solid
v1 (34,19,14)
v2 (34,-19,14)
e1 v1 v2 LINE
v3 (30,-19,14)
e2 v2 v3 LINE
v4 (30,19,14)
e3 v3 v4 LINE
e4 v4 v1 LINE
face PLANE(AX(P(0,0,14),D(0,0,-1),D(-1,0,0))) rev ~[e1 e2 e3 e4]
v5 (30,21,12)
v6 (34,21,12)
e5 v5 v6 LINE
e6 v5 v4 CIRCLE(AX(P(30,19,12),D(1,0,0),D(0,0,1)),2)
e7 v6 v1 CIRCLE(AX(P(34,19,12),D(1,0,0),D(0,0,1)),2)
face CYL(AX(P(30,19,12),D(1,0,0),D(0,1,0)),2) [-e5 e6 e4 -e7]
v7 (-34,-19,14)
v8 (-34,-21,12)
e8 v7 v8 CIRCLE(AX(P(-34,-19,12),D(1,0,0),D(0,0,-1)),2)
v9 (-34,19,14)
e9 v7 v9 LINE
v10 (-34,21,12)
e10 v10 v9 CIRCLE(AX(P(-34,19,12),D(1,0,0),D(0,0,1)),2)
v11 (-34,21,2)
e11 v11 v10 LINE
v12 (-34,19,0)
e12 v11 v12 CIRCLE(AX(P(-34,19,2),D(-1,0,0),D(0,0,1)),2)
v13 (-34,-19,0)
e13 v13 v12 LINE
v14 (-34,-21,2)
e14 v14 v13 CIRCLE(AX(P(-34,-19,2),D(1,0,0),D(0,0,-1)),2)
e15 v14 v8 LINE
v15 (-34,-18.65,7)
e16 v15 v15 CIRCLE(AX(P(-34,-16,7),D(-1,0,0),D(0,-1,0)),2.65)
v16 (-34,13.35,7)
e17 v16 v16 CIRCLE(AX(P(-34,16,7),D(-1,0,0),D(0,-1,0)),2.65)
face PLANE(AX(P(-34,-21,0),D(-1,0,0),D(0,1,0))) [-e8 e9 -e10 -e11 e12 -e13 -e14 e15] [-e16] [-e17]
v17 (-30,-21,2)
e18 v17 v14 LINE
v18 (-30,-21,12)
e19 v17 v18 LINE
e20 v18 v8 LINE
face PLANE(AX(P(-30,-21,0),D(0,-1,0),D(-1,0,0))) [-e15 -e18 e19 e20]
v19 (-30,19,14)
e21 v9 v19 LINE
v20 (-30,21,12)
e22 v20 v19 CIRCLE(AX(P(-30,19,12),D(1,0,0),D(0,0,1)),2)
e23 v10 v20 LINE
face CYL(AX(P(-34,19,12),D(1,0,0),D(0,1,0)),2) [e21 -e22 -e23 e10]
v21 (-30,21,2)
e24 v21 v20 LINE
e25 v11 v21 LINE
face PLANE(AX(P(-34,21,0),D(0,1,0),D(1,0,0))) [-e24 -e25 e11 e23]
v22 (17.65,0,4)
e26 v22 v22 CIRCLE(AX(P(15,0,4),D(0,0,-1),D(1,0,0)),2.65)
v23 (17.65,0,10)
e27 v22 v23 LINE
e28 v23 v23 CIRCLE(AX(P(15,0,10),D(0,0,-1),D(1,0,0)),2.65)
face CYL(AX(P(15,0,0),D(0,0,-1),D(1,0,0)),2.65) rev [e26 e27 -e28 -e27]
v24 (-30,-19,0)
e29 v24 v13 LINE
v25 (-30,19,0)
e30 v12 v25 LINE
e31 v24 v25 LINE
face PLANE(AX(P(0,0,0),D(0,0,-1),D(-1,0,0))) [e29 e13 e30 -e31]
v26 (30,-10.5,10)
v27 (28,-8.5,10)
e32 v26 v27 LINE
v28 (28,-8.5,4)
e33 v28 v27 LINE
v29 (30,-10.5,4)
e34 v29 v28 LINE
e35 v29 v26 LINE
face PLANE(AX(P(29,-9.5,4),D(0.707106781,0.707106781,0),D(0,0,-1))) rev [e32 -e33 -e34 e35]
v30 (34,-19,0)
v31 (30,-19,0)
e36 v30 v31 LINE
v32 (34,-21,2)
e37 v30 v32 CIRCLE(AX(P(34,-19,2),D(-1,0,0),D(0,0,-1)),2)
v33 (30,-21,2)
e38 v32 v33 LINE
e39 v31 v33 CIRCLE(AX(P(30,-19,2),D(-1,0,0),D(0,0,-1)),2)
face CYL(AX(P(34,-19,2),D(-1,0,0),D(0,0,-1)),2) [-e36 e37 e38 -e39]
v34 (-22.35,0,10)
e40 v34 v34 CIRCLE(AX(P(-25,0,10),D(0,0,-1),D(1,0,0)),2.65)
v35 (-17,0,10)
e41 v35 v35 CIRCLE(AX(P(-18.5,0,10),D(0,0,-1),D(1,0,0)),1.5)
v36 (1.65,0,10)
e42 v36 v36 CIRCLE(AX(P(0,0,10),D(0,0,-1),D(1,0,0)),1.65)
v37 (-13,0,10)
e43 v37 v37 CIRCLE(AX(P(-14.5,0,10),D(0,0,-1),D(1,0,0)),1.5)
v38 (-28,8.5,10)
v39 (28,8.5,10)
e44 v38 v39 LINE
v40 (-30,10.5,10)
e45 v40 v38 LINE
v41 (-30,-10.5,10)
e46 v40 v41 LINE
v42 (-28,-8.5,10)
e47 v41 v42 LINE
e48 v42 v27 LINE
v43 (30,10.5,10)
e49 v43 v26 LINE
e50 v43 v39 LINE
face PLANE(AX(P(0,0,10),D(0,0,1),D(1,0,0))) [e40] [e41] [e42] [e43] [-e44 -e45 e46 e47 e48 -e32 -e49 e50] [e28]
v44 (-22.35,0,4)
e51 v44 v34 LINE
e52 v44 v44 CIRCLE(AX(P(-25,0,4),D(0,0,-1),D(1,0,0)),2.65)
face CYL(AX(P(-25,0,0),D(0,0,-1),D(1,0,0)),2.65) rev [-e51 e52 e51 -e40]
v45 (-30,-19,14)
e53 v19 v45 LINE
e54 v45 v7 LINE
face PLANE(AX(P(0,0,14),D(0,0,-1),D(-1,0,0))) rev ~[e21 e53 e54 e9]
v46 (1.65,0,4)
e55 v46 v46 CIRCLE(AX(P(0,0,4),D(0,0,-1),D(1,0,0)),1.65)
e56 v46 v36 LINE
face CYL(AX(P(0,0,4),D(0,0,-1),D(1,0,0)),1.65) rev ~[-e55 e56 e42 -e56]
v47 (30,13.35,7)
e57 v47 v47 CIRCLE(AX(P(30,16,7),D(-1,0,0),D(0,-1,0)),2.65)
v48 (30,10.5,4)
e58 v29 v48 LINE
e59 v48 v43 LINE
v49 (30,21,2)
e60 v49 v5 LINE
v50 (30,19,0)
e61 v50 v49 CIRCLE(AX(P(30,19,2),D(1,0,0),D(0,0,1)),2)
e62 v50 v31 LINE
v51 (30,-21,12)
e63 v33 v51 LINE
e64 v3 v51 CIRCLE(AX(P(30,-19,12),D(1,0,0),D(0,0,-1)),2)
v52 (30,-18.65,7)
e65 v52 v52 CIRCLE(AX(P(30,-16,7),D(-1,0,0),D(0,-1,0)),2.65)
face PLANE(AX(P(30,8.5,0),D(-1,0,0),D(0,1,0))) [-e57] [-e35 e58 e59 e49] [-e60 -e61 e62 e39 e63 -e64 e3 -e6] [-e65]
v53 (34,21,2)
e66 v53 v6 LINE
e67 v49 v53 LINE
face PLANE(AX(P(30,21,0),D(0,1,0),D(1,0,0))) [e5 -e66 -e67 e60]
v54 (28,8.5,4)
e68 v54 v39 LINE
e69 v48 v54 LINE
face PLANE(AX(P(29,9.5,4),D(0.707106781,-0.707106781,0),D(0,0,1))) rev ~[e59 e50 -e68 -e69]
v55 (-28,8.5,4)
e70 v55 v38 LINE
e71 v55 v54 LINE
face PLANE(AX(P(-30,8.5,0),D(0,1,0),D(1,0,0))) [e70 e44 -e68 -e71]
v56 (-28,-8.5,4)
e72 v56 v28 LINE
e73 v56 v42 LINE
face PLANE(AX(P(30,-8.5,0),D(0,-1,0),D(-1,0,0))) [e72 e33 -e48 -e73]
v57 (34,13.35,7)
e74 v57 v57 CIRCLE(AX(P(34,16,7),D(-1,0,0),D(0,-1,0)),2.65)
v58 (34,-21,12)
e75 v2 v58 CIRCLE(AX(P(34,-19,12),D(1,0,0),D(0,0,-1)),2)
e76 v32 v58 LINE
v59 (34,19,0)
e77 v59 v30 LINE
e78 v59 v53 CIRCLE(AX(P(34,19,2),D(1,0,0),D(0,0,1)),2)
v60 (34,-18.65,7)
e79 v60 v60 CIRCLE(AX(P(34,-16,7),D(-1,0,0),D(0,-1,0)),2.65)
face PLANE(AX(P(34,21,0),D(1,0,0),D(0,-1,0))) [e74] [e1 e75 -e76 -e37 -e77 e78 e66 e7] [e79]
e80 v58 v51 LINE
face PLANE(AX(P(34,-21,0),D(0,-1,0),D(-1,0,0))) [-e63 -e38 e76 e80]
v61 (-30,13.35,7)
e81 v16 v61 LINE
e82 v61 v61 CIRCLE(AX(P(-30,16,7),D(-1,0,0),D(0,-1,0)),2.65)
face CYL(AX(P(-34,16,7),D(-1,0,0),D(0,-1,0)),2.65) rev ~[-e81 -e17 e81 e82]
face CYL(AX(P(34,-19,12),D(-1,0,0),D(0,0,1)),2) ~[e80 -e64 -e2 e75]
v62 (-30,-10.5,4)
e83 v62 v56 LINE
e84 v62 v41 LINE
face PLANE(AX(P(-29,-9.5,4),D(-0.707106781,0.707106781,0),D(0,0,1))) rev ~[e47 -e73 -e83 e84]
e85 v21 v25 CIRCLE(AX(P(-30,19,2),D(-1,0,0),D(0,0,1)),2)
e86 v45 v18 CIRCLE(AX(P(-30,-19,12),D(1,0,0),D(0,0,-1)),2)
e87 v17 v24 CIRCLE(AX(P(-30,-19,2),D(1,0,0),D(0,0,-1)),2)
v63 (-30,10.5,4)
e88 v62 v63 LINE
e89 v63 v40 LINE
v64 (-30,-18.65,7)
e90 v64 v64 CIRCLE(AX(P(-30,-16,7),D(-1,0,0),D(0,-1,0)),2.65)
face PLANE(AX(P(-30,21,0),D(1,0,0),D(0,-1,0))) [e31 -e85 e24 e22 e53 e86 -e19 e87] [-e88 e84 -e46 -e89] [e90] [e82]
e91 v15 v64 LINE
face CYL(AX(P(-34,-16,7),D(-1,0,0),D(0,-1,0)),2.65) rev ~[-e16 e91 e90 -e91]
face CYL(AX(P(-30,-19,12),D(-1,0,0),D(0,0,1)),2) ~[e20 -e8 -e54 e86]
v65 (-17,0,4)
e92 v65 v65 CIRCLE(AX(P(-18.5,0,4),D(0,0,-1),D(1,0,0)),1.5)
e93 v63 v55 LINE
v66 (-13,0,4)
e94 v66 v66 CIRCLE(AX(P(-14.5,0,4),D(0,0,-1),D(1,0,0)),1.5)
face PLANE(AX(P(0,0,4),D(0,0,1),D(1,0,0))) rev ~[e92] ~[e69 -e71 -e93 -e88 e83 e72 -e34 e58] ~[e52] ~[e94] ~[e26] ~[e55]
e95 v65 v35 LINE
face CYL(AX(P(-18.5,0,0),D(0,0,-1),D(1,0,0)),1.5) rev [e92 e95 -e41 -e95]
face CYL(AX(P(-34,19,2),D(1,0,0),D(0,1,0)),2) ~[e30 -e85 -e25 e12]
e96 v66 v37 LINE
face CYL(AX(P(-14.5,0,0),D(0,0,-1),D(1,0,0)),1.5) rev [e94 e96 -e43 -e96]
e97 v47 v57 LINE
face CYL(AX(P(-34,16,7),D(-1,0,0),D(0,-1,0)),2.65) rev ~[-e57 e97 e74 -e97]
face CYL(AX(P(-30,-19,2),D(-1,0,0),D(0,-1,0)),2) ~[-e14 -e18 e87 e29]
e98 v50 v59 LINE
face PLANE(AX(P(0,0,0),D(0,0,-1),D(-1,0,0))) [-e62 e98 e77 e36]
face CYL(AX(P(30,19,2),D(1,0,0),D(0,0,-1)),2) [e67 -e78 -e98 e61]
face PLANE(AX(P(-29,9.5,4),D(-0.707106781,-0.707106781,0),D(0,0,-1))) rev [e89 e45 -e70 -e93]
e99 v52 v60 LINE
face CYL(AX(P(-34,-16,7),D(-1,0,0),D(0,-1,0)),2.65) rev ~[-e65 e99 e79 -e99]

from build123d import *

# Parameters (mm, degrees)
SKETCH001_R     = 1.5
SKETCH001_R_2   = 2.65
PAD_DEPTH       = 14
SKETCH_R        = 2.65
POCKET_DEPTH    = 68.001
SKETCH002_W     = 60
SKETCH002_H     = 17
POCKET001_DEPTH = 4
SKETCH003_W     = 60
SKETCH003_H     = 17
POCKET002_DEPTH = 4
CHAMFER_SIZE    = 2
FILLET_R        = 2
FILLET001_R     = 2
SKETCH004_R     = 1.65
POCKET003_DEPTH = 10.001


with BuildPart() as part:
    # Sketch001 → Pad (new body)
    with BuildSketch(Plane.XY):
        Polygon((30, 21), (34, 21), (34, -21), (30, -21), (30, -8.5), (-30, -8.5), (-30, -21), (-34, -21), (-34, 21), (-30, 21), (-30, 8.5), (30, 8.5), align=None)
        with Locations((-14.5, 0)):
            Circle(SKETCH001_R, mode=Mode.SUBTRACT)
        with Locations((-18.5, 0)):
            Circle(SKETCH001_R, mode=Mode.SUBTRACT)
        with Locations((-25, 0)):
            Circle(SKETCH001_R_2, mode=Mode.SUBTRACT)
        with Locations((15, 0)):
            Circle(SKETCH001_R_2, mode=Mode.SUBTRACT)
    extrude(amount=PAD_DEPTH)

    # Sketch (on Face11 of Pad) → Pocket (cut, through all)
    with BuildSketch(Plane(origin=(-34, 0, 0), x_dir=(0, -1, 0), z_dir=(-1, 0, 0))):
        with Locations((-16, 7)):
            Circle(SKETCH_R)
        with Locations((16, 7)):
            Circle(SKETCH_R)
    extrude(amount=-POCKET_DEPTH, mode=Mode.SUBTRACT)

    # Sketch002 (on Face4 of Pocket) → Pocket001 (cut)
    with BuildSketch(Plane.XY.offset(14)):
        Rectangle(SKETCH002_W, SKETCH002_H)
    extrude(amount=-POCKET001_DEPTH, mode=Mode.SUBTRACT)

    # Sketch003 (on Face4 of Pocket) → Pocket002 (cut)
    with BuildSketch(Plane.XY):
        Rectangle(SKETCH003_W, SKETCH003_H)
    extrude(amount=POCKET002_DEPTH, mode=Mode.SUBTRACT)

    # Chamfer
    chamfer_edges = [part.edges().sort_by_distance(p)[0] for p in [
        (-30, 8.5, 7),
        (30, 8.5, 7),
        (30, -8.5, 7),
        (-30, -8.5, 7),
    ]]
    chamfer(chamfer_edges, length=CHAMFER_SIZE)

    # Fillet
    fillet_edges = [part.edges().sort_by_distance(p)[0] for p in [
        (32, -21, 14),
        (32, -21, 0),
        (32, 21, 14),
        (32, 21, 0),
    ]]
    fillet(fillet_edges, radius=FILLET_R)

    # Fillet001
    fillet001_edges = [part.edges().sort_by_distance(p)[0] for p in [
        (-32, 21, 14),
        (-32, 21, 0),
        (-32, -21, 14),
        (-32, -21, 0),
    ]]
    fillet(fillet001_edges, radius=FILLET001_R)

    # Sketch004 (on Face6 of Fillet001) → Pocket003 (cut, through all)
    with BuildSketch(Plane(origin=(0, 0, 4), x_dir=(1, 0, 0), z_dir=(0, 0, -1))):
        Circle(SKETCH004_R)
    extrude(amount=-POCKET003_DEPTH, mode=Mode.SUBTRACT)


solid = part.part
